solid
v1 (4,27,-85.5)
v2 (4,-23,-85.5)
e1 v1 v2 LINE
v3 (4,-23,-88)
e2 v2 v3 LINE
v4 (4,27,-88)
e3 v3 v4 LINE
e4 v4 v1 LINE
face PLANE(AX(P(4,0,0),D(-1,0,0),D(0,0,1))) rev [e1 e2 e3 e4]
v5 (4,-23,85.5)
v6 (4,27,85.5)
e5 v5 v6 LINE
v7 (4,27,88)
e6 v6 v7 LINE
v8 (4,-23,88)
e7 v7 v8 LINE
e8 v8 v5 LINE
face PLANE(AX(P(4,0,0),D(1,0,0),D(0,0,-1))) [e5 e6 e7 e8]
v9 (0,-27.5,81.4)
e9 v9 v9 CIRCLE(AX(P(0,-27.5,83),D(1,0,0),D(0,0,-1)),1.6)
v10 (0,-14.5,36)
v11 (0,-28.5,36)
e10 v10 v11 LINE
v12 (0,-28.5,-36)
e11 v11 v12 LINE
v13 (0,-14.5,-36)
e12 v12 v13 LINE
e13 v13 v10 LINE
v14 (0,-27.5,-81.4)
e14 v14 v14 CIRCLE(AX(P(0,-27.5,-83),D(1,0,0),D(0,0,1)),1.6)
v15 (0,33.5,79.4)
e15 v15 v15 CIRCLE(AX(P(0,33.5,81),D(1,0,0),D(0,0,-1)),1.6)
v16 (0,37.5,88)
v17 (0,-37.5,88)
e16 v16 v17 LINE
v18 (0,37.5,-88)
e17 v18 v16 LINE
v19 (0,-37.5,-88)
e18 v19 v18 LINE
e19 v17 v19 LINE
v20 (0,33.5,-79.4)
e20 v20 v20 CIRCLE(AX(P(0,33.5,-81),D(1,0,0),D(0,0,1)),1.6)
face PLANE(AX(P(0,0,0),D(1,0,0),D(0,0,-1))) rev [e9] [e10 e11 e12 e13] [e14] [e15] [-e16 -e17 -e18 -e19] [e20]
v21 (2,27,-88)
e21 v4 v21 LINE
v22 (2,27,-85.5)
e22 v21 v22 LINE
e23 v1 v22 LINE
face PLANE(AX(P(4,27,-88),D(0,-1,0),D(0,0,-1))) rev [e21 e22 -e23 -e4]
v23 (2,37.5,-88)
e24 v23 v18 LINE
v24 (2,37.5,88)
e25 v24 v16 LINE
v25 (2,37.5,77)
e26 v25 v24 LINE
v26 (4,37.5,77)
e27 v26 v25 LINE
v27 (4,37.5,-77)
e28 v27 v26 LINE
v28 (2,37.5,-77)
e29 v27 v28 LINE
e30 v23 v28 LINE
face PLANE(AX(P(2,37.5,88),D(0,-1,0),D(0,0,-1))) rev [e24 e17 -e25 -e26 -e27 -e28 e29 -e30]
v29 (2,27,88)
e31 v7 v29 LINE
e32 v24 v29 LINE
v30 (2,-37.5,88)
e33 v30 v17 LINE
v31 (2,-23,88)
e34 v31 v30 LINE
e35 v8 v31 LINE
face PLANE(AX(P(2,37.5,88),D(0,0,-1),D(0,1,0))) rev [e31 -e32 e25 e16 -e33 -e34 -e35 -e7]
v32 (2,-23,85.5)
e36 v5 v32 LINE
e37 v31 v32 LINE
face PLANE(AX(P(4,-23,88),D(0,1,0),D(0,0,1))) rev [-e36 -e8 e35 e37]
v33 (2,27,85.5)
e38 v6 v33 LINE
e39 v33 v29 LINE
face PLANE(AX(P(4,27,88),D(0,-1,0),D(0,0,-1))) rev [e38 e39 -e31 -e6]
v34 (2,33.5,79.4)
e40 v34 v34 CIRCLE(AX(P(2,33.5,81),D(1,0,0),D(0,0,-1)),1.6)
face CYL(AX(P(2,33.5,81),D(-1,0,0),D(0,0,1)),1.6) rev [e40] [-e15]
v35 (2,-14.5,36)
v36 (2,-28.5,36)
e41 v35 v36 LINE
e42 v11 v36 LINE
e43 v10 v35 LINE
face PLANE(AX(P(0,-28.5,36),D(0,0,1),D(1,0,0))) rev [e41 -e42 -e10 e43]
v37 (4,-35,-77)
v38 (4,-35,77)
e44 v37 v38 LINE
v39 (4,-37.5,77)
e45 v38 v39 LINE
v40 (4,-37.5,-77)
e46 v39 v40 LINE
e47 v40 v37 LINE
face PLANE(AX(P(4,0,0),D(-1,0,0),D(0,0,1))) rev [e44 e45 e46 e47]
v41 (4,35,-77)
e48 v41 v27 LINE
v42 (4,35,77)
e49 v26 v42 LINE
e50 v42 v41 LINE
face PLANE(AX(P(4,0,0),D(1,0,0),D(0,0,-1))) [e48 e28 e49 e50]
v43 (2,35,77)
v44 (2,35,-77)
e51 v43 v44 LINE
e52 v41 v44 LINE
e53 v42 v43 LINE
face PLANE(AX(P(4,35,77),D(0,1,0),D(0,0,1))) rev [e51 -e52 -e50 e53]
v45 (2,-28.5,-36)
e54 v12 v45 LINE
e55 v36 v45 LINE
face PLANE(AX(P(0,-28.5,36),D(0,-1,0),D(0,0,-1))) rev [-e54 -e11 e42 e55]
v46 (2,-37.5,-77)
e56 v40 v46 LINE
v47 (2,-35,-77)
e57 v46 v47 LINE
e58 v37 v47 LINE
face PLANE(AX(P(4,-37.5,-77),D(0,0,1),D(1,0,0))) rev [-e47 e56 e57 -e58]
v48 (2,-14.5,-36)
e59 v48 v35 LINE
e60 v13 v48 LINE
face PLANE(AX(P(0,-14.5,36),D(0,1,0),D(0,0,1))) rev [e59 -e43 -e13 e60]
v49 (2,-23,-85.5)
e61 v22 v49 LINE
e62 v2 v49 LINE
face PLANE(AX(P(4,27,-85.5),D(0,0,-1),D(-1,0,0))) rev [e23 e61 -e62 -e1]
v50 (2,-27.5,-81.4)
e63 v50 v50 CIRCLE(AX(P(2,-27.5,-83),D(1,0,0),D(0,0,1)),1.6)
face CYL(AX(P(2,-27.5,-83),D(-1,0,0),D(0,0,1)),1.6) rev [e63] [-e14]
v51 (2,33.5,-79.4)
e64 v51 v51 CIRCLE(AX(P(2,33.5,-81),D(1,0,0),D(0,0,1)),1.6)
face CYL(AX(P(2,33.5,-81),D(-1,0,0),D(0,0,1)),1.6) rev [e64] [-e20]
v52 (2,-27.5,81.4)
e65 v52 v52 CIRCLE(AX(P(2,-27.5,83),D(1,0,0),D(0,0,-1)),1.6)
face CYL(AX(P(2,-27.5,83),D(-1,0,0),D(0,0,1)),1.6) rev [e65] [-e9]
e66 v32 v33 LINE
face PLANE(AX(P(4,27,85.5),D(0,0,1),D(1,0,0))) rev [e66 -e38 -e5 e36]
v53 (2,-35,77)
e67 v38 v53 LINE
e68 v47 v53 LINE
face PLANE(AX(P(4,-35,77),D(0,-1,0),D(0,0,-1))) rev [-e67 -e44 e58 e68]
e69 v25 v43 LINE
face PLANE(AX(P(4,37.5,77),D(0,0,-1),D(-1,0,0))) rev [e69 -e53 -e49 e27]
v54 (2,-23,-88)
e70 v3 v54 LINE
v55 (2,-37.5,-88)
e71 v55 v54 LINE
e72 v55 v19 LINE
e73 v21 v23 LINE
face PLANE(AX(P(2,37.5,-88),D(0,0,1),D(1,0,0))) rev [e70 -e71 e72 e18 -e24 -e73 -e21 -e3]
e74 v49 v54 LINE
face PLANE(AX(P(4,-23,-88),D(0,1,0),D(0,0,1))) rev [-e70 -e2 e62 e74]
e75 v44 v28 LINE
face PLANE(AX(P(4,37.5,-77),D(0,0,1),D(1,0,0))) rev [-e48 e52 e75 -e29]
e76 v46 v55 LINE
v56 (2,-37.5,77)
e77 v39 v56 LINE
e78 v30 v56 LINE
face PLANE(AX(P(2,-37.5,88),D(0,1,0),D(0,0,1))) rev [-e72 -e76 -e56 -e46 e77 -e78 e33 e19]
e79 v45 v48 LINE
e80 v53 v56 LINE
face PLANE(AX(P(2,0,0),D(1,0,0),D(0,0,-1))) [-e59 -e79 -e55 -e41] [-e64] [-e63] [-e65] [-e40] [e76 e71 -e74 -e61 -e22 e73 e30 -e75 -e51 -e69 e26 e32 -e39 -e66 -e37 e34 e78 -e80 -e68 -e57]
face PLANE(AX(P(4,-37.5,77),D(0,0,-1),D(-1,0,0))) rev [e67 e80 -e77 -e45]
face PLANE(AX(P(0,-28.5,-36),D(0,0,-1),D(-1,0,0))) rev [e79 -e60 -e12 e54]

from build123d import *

# Parameters (mm, degrees)
SKETCH1_W           = 176
SKETCH1_H           = 75
SKETCH1_R           = 1.6
BOSS_EXTRUDE1_DEPTH = 2
SKETCH2_W           = 72
SKETCH2_H           = 14
CUT_EXTRUDE1_DEPTH  = 2
SKETCH3_W           = 154
SKETCH3_H           = 2.5
BOSS_EXTRUDE2_DEPTH = 2
SKETCH4_W           = 2.5
SKETCH4_H           = 50
BOSS_EXTRUDE3_DEPTH = 2


with BuildPart() as part:
    # Sketch1 → Boss-Extrude1 (new body)
    with BuildSketch(Plane(origin=(0, 0, 0), x_dir=(0, 0, -1), z_dir=(1, 0, 0))):
        Rectangle(SKETCH1_W, SKETCH1_H)
        with Locations((-81, 33.5)):
            Circle(SKETCH1_R, mode=Mode.SUBTRACT)
        with Locations((81, 33.5)):
            Circle(SKETCH1_R, mode=Mode.SUBTRACT)
        with Locations((-83, -27.5)):
            Circle(SKETCH1_R, mode=Mode.SUBTRACT)
        with Locations((83, -27.5)):
            Circle(SKETCH1_R, mode=Mode.SUBTRACT)
    extrude(amount=BOSS_EXTRUDE1_DEPTH)

    # Sketch2 → Cut-Extrude1 (cut)
    with BuildSketch(Plane(origin=(2, 0, 0), x_dir=(0, 0, -1), z_dir=(1, 0, 0))):
        with Locations((0, -21.5)):
            Rectangle(SKETCH2_W, SKETCH2_H)
    extrude(amount=-CUT_EXTRUDE1_DEPTH, mode=Mode.SUBTRACT)

    # Sketch3 → Boss-Extrude2 (add)
    with BuildSketch(Plane(origin=(2, 0, 0), x_dir=(0, 0, -1), z_dir=(1, 0, 0))):
        with Locations((0, -36.25)):
            Rectangle(SKETCH3_W, SKETCH3_H)
        with Locations((0, 36.25)):
            Rectangle(SKETCH3_W, SKETCH3_H)
    extrude(amount=BOSS_EXTRUDE2_DEPTH)

    # Sketch4 → Boss-Extrude3 (add)
    with BuildSketch(Plane(origin=(2, 0, 0), x_dir=(0, 0, -1), z_dir=(1, 0, 0))):
        with Locations((-86.75, 2)):
            Rectangle(SKETCH4_W, SKETCH4_H)
        with Locations((86.75, 2)):
            Rectangle(SKETCH4_W, SKETCH4_H)
    extrude(amount=BOSS_EXTRUDE3_DEPTH)


solid = part.part
